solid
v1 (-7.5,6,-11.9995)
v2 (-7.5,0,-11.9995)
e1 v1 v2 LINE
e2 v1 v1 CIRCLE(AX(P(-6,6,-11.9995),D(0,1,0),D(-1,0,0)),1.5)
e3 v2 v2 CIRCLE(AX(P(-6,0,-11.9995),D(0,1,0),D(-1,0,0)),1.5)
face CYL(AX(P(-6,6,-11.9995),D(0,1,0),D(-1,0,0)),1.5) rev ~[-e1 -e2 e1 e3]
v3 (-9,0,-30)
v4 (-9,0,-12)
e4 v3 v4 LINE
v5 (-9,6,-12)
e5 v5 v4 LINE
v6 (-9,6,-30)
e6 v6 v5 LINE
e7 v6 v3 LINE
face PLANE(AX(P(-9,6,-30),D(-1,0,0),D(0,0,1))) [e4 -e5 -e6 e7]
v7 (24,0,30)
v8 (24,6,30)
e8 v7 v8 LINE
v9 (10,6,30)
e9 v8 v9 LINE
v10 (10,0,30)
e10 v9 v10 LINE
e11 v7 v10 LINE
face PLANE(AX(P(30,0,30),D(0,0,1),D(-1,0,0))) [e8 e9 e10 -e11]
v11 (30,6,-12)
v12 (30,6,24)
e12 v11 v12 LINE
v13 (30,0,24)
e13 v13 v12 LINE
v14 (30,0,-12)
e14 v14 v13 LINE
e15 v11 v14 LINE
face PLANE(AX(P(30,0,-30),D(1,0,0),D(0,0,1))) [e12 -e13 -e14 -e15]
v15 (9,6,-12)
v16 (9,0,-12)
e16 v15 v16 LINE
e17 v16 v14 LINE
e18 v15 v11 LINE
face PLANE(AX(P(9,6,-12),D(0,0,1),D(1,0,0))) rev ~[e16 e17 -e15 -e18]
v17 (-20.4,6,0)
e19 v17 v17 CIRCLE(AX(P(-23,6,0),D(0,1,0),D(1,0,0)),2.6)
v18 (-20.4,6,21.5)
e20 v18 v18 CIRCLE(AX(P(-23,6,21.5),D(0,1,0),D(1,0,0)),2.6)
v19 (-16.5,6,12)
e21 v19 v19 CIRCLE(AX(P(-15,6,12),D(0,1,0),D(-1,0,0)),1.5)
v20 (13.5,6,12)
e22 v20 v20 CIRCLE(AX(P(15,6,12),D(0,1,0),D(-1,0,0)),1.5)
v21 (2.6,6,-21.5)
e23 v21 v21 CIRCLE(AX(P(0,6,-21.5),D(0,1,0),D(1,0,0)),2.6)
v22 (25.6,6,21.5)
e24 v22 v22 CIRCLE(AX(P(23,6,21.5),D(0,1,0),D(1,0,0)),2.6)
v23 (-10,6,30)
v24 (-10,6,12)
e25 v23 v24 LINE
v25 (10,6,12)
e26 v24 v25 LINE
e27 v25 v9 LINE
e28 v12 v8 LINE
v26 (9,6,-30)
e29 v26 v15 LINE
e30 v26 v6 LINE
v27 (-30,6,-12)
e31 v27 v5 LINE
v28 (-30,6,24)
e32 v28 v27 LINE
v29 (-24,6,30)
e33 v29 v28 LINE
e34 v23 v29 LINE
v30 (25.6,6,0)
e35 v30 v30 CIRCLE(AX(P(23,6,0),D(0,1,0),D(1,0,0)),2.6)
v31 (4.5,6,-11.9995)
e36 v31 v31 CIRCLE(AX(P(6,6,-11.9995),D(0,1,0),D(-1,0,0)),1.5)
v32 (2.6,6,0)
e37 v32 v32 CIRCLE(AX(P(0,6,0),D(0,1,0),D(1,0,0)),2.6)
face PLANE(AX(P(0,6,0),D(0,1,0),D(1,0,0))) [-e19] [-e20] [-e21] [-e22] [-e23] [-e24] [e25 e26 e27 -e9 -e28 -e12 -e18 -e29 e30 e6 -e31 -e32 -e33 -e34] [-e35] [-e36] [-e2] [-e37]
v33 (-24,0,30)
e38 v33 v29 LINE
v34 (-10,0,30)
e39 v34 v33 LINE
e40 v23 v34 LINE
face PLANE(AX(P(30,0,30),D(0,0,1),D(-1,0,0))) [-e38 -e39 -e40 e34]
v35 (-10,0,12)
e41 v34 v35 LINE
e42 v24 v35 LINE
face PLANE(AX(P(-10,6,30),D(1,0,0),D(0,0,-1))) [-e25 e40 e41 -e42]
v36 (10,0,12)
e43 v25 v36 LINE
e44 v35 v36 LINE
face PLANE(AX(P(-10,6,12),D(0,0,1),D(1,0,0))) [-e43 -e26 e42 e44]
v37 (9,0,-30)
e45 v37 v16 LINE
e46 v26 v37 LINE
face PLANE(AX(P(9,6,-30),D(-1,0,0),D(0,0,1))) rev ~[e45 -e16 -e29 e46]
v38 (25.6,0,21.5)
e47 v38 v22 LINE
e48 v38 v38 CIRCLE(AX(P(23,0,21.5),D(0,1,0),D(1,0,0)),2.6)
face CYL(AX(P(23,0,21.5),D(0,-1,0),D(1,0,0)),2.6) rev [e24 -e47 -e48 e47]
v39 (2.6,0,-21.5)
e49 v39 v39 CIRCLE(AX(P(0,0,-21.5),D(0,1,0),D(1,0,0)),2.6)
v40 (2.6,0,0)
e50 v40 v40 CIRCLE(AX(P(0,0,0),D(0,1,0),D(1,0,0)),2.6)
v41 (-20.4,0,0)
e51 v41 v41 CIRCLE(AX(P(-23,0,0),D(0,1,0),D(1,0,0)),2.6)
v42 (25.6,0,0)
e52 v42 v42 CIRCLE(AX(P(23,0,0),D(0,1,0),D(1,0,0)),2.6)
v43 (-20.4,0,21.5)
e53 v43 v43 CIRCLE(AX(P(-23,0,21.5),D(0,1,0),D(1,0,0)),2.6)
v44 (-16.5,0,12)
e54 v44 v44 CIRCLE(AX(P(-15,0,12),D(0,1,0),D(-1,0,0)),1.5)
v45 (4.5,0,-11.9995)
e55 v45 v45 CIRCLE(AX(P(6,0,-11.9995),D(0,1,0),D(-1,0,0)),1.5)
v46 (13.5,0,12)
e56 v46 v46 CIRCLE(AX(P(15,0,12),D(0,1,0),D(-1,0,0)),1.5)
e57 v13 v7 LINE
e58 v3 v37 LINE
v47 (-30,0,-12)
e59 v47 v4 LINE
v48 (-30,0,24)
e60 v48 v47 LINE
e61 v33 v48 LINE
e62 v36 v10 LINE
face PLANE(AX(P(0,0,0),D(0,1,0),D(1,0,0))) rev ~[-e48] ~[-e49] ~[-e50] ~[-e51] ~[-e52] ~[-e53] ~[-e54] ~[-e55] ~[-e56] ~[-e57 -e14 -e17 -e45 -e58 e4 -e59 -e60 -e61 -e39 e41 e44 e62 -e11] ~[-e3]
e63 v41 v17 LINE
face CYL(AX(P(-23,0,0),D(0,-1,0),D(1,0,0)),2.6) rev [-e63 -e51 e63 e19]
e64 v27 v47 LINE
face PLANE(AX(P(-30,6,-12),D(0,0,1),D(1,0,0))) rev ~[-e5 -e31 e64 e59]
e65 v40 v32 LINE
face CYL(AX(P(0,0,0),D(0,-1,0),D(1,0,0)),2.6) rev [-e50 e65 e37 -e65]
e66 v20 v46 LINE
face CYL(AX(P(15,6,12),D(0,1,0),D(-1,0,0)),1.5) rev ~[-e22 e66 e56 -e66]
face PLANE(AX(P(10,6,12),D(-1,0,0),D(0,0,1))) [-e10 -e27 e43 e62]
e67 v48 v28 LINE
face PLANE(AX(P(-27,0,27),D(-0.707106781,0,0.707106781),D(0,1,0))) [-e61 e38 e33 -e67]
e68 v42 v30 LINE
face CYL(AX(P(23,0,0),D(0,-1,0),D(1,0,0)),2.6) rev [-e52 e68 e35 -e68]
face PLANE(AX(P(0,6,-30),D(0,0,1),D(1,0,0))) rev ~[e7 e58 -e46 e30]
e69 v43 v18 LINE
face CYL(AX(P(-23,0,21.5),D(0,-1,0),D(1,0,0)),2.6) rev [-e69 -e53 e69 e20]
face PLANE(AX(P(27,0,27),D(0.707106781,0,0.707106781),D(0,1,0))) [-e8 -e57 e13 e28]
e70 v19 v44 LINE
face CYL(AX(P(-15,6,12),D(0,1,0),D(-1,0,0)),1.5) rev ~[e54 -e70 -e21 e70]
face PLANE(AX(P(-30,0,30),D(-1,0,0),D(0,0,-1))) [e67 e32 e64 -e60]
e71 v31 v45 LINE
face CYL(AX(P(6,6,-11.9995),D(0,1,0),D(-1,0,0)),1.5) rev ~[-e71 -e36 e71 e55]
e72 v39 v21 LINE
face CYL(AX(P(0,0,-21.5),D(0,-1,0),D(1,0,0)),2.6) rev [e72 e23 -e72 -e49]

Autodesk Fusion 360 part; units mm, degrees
sketch "Sketch1" plane through (0, 0, 0) normal (0, 1, 0) x (1, 0, 0)
  line L0 (30, 30) -> (30, -30)
  line L1 (30, -30) -> (-30, -30)
  line L2 (-30, -30) -> (-30, 30)
  line L3 (-30, 30) -> (30, -30) construction
  line L4 (30, 30) -> (-30, -30) construction
  line L5 (10, 30) -> (10, 50)
  line L6 (10, 50) -> (-10, 50)
  line L7 (-10, 50) -> (-10, 30)
  line L8 (-30, 30) -> (-10, 30)
  line L9 (10, 30) -> (30, 30)
  circle A0 centre (0, 43) radius 2.6
  line L10 (-30, 0) -> (30, 0) construction
  circle A1 centre (0, 21.5) radius 2.6
  circle A2 centre (-23, 21.5) radius 2.6
  circle A3 centre (23, 21.5) radius 2.6
  circle A4 centre (-23, 0) radius 2.6
  circle A5 centre (0, 0) radius 2.6
  circle A6 centre (23, 0) radius 2.6
  circle A7 centre (-23, -21.5) radius 2.6
  circle A8 centre (23, -21.5) radius 2.6
  line L11 (-2.6, -21) -> (-2.6, -22)
  arc A9 (-2.6, -22) -> (2.6, -22) centre (0, -22) ccw
  line L12 (2.6, -22) -> (2.6, -21)
  arc A10 (2.6, -21) -> (-2.6, -21) centre (0, -21) ccw
  point P0 (0, -21.5)
  dimension "d4" = 60
  dimension "d5" = 60
  dimension "d7" = 20
  dimension "d8" = 20
  dimension "d9" = 5.2
  dimension "d10" = 7
  dimension "d11" = 5.2
  dimension "d12" = 21.5
  dimension "d13" = 5.2
  dimension "d14" = 5.2
  dimension "d15" = 23
  dimension "d16" = 23
  dimension "d28" = 5.2
  dimension "d29" = 0.5
extrude "Extrude1" add sketch "Sketch1" along normal blind 6
chamfer "Chamfer1" distance 6 angle 45 4 edges at (30, 3, 30) (30, 3, -30) (-30, 3, 30) (-30, 3, -30)
fillet "Fillet1" radius 3 2 edges at (10, 3, -50) (-10, 3, -50)
fillet "Fillet2" radius 3 2 edges at (10, 3, -30) (-10, 3, -30)
sketch "Sketch2" plane through (0, 6, 0) normal (0, 1, 0) x (-1, 0, 0)
  arc A0 (7, -50) -> (10, -47) centre (7, -47) ccw
  line L0 (10, -47) -> (10, -33)
  arc A1 (13, -30) -> (10, -33) centre (13, -33) ccw
  line L1 (13, -30) -> (24, -30)
  line L2 (24, -30) -> (30, -24)
  line L3 (30, -24) -> (30, 24)
  line L4 (30, 24) -> (24, 30)
  line L5 (24, 30) -> (-24, 30)
  line L6 (-24, 30) -> (-30, 24)
  line L7 (-30, 24) -> (-30, -24)
  line L8 (-30, -24) -> (-24, -30)
  line L9 (-24, -30) -> (-13, -30)
  arc A2 (-10, -33) -> (-13, -30) centre (-13, -33) ccw
  line L10 (-10, -33) -> (-10, -47)
  arc A3 (-10, -47) -> (-7, -50) centre (-7, -47) ccw
  line L11 (-7, -50) -> (7, -50)
  circle A4 centre (23, 0) radius 2.6
  circle A5 centre (0, 0) radius 2.6
  circle A6 centre (0, -21.5) radius 2.6
  circle A7 centre (0, -43) radius 2.6
  circle A8 centre (23, 21.5) radius 2.6
  arc A9 (-2.6, 21) -> (2.6, 21) centre (0, 21) ccw
  line L12 (-2.6, 21) -> (-2.6, 22)
  arc A10 (2.6, 22) -> (-2.6, 22) centre (0, 22) ccw
  line L13 (2.6, 22) -> (2.6, 21)
  circle A11 centre (23, -21.5) radius 2.6
  circle A12 centre (-23, 0) radius 2.6
  circle A13 centre (-23, -21.5) radius 2.6
  circle A14 centre (-23, 21.5) radius 2.6
  line L14 (10, 12) -> (-10, 12)
  line L15 (-10, 12) -> (-10, 30)
  line L16 (10, 30) -> (10, 12)
  line L17 (0, -30) -> (-9, -30)
  line L18 (0, -30) -> (9, -30)
  line L19 (9, -30) -> (9, -12)
  line L20 (-9, -30) -> (-9, -12)
  line L21 (30, -12) -> (9, -12)
  line L22 (-9, -12) -> (-30, -12)
  dimension "d40" = 20
  dimension "d41" = 18
  dimension "d44" = 10
  dimension "d45" = 9
  dimension "d46" = 9.5
  dimension "d47" = 9
  dimension "d48" = 9
  dimension "d49" = 8.5
extrude "Extrude2" cut sketch "Sketch2" against normal blind 6 contours A0 L0 A1 L1 L2 L3 L7 L8 L9 A2 L10 A3 L11 L17 L18 L19 L20 L21 L22 | L5 L14 L15 L16
sketch "Sketch3" plane through (0, 6, 0) normal (0, 1, 0) x (-1, 0, 0)
  circle A0 centre (0, 0) radius 2.6
  circle A1 centre (23, 21.5) radius 2.6
  circle A2 centre (0, -21.5) radius 2.6
  circle A3 centre (23, 0) radius 2.6
  circle A4 centre (-23, 0) radius 2.6
  circle A5 centre (-23, 21.5) radius 2.6
  line L0 (10, 30) -> (10, 12)
  line L1 (10, 12) -> (-10, 12)
  line L2 (-10, 12) -> (-10, 30)
  line L3 (-10, 30) -> (-24, 30)
  line L4 (-24, 30) -> (-30, 24)
  line L5 (-30, 24) -> (-30, -12)
  line L6 (-30, -12) -> (-9, -12)
  line L7 (-9, -12) -> (-9, -30)
  line L8 (-9, -30) -> (9, -30)
  line L9 (9, -30) -> (9, -12)
  line L10 (9, -12) -> (30, -12)
  line L11 (30, -12) -> (30, 24)
  line L12 (30, 24) -> (24, 30)
  line L13 (24, 30) -> (10, 30)
  circle A6 centre (15, 12) radius 1.5
  circle A7 centre (-15, 12) radius 1.5
  circle A8 centre (6, -11.9995) radius 1.5
  circle A9 centre (-6, -11.9995) radius 1.5
  dimension "d53" = 3
  dimension "d54" = 15
  dimension "d55" = 12
  dimension "d56" = 3
  dimension "d57" = 15
  dimension "d58" = 12
  dimension "d59" = 3
  dimension "d60" = 3
  dimension "d61" = 6
  dimension "d62" = 6
  dimension "d63" = 13.416
  dimension "d64" = 13.416
extrude "Extrude3" cut sketch "Sketch3" against normal blind 6 contours A6 | A7 | A8 | A9
equation "larger_hole_radii = 2.6 mm"
equation "small_hole_Radii = 1.25 mm"
equation "base_sqaure_dim = 60 mm"
equation "d4 = base_sqaure_dim"
equation "d5 = base_sqaure_dim"
equation "square_extension = 20 mm"
equation "d7 = square_extension"
equation "d8 = square_extension"
equation "d9 = larger_hole_radii * 2"
equation "d11 = larger_hole_radii * 2"
equation "d13 = 2 * larger_hole_radii"
equation "d14 = 2 * larger_hole_radii"
equation "dist_between_Rows = 21.50 mm"
equation "slot_height = 5.20 mm"
equation "slot_width = 0.50 mm"
equation "d28 = slot_height"
equation "d29 = slot_width"
equation "ext = 6.0 mm"
equation "d31 = ext"
equation "d33 = ext"
equation "fillet_top = 3 mm"
equation "d36 = fillet_top"
equation "d38 = fillet_top"
equation "slot_square_cutout_height = 18 mm"
equation "d40 = square_extension"
equation "d41 = slot_square_cutout_height"
equation "d44 = square_extension / 2"
equation "d45 = slot_square_cutout_height / 2"
equation "d46 = square_extension / 2 - 0.50 mm"
equation "d47 = slot_square_cutout_height / 2"
equation "d48 = slot_square_cutout_height / 2"
equation "d49 = slot_square_cutout_height / 2 - 0.50 mm"
equation "d50 = -ext"
equation "new_small_hole_dia = 3 mm"
equation "d53 = new_small_hole_dia"
equation "d56 = new_small_hole_dia"
equation "d59 = new_small_hole_dia"
equation "d60 = new_small_hole_dia"
equation "d65 = -ext"
